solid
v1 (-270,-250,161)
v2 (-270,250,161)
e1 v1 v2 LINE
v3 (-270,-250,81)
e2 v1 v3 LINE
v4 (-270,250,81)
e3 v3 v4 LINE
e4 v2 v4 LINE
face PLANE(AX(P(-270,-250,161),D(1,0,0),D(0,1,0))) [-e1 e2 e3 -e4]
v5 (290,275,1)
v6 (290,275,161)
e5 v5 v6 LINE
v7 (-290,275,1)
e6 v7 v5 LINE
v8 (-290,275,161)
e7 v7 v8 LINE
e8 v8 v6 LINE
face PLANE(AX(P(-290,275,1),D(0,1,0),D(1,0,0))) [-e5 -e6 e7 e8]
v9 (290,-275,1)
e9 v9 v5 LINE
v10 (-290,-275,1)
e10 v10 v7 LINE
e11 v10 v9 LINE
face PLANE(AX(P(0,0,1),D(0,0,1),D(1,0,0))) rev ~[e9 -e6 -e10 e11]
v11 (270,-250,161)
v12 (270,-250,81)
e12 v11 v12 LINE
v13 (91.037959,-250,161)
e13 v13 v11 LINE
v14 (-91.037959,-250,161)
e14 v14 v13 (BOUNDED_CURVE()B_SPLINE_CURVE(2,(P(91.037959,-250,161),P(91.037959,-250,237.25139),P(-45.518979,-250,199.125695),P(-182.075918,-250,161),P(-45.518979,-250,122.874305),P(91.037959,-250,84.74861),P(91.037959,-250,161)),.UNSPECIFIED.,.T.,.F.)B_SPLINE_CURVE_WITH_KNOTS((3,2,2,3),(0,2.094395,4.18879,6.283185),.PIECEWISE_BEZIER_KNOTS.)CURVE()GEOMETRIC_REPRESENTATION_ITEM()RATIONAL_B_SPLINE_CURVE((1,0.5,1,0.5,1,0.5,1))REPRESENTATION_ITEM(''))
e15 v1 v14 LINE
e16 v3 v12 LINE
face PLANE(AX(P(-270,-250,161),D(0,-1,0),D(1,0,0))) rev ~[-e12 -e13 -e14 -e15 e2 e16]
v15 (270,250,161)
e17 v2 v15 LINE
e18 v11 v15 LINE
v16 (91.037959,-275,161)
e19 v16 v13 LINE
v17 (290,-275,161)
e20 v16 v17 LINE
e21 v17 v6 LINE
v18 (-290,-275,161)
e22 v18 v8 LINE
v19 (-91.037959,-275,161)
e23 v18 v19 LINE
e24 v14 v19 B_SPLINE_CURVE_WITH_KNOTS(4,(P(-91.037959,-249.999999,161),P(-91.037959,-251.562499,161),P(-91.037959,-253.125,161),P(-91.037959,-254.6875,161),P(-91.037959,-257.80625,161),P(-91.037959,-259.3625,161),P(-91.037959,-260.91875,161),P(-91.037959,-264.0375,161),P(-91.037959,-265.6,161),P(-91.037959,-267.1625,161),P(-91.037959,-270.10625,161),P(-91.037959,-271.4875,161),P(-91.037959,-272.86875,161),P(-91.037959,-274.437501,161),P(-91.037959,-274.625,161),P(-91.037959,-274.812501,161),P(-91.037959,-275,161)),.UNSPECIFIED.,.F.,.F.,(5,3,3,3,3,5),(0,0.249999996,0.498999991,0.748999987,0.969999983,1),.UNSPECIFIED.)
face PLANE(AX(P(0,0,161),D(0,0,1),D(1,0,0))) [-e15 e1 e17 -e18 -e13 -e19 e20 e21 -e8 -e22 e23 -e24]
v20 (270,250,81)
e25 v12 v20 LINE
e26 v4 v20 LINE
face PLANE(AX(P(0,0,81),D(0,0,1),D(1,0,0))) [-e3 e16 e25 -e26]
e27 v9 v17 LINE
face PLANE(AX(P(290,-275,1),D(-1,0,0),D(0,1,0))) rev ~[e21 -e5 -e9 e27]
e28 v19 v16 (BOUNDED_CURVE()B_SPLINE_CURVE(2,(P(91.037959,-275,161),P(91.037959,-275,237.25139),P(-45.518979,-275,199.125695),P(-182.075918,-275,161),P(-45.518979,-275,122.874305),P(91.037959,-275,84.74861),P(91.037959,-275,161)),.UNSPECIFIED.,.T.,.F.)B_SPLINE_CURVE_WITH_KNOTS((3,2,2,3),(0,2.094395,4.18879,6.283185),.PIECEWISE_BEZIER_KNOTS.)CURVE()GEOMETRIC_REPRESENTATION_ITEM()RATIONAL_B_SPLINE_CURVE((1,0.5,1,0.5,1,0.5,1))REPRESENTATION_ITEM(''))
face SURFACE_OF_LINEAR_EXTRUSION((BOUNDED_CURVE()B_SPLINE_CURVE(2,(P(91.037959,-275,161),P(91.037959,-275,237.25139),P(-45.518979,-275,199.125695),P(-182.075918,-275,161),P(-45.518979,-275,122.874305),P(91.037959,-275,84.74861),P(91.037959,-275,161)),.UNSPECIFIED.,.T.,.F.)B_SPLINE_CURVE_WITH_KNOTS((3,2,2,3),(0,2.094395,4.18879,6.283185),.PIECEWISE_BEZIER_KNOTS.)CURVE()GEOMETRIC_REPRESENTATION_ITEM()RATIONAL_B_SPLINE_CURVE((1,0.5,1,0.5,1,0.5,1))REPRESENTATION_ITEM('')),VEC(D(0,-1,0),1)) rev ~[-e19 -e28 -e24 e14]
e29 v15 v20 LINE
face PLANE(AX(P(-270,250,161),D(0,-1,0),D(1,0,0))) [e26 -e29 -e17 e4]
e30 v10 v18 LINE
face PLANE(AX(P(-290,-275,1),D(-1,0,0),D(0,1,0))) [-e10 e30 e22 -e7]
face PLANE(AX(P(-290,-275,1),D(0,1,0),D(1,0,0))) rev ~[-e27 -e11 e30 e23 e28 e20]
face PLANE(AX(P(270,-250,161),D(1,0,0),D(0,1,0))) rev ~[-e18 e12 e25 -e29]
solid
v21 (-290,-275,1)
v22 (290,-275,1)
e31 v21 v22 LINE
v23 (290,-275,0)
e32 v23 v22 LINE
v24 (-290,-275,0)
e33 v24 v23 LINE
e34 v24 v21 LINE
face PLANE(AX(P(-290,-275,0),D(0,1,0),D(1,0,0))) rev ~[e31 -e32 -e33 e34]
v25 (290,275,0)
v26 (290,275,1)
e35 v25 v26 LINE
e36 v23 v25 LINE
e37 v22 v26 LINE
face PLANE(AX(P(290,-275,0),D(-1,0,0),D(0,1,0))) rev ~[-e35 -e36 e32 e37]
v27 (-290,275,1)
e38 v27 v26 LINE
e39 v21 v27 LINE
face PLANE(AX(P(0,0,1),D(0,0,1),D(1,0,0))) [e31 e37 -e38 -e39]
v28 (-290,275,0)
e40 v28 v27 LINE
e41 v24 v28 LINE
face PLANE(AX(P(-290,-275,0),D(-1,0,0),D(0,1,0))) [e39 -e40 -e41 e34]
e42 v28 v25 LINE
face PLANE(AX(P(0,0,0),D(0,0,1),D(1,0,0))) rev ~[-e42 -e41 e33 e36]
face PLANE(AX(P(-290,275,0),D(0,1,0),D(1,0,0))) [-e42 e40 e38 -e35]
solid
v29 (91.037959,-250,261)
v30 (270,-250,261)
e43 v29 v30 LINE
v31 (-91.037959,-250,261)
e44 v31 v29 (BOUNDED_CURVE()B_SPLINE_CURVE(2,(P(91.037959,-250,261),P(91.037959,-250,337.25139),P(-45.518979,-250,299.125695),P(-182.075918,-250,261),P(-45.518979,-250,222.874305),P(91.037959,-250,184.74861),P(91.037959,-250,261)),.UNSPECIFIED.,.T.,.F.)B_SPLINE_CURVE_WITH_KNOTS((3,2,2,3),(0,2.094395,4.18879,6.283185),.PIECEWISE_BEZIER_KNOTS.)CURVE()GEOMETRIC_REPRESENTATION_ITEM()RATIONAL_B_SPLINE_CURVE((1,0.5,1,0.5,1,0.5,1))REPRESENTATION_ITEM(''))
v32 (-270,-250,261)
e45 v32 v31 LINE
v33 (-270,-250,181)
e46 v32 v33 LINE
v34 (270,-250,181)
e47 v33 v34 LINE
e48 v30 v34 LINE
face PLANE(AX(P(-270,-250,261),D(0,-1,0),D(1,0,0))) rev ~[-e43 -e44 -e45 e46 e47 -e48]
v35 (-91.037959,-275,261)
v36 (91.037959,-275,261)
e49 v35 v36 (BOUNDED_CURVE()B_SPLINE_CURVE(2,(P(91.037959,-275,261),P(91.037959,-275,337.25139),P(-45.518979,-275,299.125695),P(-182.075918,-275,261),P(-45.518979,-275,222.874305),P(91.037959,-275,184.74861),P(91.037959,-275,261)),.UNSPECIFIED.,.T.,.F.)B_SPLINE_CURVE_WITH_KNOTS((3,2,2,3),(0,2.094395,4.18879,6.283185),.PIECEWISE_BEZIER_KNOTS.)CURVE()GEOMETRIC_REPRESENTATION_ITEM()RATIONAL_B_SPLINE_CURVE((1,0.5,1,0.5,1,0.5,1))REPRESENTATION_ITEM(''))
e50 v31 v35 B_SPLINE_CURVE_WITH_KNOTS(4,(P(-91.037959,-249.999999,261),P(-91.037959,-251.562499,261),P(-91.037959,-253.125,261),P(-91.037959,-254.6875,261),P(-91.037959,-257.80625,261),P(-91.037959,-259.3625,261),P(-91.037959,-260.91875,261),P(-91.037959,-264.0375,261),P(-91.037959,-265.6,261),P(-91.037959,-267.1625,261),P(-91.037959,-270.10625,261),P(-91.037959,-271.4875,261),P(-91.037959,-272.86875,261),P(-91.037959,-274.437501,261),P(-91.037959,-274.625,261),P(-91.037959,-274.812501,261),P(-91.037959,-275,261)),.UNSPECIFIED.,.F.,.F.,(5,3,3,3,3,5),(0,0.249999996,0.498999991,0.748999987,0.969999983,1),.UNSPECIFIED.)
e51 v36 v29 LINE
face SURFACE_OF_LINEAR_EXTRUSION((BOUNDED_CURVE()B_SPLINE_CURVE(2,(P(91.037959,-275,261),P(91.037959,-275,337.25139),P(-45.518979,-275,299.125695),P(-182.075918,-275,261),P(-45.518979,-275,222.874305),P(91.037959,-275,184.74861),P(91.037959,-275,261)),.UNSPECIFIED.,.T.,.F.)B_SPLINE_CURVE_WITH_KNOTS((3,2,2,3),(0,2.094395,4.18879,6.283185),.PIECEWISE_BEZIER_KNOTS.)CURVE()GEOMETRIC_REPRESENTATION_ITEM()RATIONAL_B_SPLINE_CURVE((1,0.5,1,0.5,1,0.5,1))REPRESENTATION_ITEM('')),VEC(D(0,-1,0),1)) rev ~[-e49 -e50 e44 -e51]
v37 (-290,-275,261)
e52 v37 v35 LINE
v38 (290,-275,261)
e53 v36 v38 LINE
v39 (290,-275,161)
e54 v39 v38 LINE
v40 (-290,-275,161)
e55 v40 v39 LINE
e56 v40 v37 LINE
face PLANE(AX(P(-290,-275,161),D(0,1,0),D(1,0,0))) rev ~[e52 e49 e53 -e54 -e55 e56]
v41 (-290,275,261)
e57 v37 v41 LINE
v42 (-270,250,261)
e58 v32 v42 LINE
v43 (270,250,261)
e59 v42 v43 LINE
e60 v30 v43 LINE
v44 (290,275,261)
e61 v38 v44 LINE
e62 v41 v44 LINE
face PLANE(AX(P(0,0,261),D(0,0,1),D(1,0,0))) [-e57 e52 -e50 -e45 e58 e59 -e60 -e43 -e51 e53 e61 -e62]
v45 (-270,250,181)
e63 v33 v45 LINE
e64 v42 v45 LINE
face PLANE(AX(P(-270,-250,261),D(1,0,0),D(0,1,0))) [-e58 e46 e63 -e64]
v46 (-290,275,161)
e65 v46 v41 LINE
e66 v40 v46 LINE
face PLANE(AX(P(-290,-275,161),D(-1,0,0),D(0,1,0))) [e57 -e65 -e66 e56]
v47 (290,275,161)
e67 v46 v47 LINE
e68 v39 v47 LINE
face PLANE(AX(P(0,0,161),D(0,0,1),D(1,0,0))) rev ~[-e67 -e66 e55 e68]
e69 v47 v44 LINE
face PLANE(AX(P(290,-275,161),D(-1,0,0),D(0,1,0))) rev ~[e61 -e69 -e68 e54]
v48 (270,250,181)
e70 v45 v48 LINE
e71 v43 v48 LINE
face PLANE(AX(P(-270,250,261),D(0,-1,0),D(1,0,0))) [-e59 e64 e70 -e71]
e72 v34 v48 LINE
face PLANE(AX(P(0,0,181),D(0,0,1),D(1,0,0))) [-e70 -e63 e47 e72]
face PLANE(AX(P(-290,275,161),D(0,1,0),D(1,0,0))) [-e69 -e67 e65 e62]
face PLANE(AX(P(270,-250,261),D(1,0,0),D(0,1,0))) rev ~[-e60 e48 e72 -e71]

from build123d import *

# Parameters (mm, degrees)
F0_W      = 580
F0_H      = 550
F1_DEPTH  = 1
F2_W      = 580
F2_H      = 550
F3_DEPTH  = 160
F5_DEPTH  = 25
F6_W      = 540
F6_H      = 500
F7_DEPTH  = 80
F8_W      = 580
F8_H      = 550
F9_DEPTH  = 100
F11_DEPTH = 25
F12_W     = 540
F12_H     = 500
F13_DEPTH = 80


with BuildPart() as f1:
    # F0 (on Top) → F1 (new body)
    with BuildSketch(Plane.XY):
        Rectangle(F0_W, F0_H)
    extrude(amount=F1_DEPTH)


with BuildPart() as f3:
    # F2 (on face) → F3 (new body)
    with BuildSketch(Plane.XY.offset(1)):
        Rectangle(F2_W, F2_H)
    extrude(amount=F3_DEPTH)

    # F4 (on face) → F5 (cut)
    with BuildSketch(Plane.XZ.offset(275)):
        with BuildLine():
            add(Edge.make_bspline(
                [(91.037959, 161), (91.037959, 237.25139), (-45.518979, 199.125695), (-182.075918, 161), (-45.518979, 122.874305), (91.037959, 84.74861), (91.037959, 161)],
                knots=[0, 0, 0, 2.094395, 2.094395, 4.18879, 4.18879, 6.283185, 6.283185, 6.283185], degree=2, weights=[1, 0.5, 1, 0.5, 1, 0.5, 1]))
        make_face()
    extrude(amount=-F5_DEPTH, mode=Mode.SUBTRACT)

    # F6 (on face) → F7 (cut)
    with BuildSketch(Plane.XY.offset(161)):
        Rectangle(F6_W, F6_H)
    extrude(amount=-F7_DEPTH, mode=Mode.SUBTRACT)


with BuildPart() as f9:
    # F8 (on face) → F9 (new body)
    with BuildSketch(Plane.XY.offset(161)):
        Rectangle(F8_W, F8_H)
    extrude(amount=F9_DEPTH)

    # F10 (on face) → F11 (cut)
    with BuildSketch(Plane.XZ.offset(275)):
        with BuildLine():
            add(Edge.make_bspline(
                [(91.037959, 261), (91.037959, 337.25139), (-45.518979, 299.125695), (-182.075918, 261), (-45.518979, 222.874305), (91.037959, 184.74861), (91.037959, 261)],
                knots=[0, 0, 0, 2.094395, 2.094395, 4.18879, 4.18879, 6.283185, 6.283185, 6.283185], degree=2, weights=[1, 0.5, 1, 0.5, 1, 0.5, 1]))
        make_face()
    extrude(amount=-F11_DEPTH, mode=Mode.SUBTRACT)

    # F12 (on face) → F13 (cut)
    with BuildSketch(Plane.XY.offset(261)):
        Rectangle(F12_W, F12_H)
    extrude(amount=-F13_DEPTH, mode=Mode.SUBTRACT)


solid = Compound([f1.part, f3.part, f9.part])
